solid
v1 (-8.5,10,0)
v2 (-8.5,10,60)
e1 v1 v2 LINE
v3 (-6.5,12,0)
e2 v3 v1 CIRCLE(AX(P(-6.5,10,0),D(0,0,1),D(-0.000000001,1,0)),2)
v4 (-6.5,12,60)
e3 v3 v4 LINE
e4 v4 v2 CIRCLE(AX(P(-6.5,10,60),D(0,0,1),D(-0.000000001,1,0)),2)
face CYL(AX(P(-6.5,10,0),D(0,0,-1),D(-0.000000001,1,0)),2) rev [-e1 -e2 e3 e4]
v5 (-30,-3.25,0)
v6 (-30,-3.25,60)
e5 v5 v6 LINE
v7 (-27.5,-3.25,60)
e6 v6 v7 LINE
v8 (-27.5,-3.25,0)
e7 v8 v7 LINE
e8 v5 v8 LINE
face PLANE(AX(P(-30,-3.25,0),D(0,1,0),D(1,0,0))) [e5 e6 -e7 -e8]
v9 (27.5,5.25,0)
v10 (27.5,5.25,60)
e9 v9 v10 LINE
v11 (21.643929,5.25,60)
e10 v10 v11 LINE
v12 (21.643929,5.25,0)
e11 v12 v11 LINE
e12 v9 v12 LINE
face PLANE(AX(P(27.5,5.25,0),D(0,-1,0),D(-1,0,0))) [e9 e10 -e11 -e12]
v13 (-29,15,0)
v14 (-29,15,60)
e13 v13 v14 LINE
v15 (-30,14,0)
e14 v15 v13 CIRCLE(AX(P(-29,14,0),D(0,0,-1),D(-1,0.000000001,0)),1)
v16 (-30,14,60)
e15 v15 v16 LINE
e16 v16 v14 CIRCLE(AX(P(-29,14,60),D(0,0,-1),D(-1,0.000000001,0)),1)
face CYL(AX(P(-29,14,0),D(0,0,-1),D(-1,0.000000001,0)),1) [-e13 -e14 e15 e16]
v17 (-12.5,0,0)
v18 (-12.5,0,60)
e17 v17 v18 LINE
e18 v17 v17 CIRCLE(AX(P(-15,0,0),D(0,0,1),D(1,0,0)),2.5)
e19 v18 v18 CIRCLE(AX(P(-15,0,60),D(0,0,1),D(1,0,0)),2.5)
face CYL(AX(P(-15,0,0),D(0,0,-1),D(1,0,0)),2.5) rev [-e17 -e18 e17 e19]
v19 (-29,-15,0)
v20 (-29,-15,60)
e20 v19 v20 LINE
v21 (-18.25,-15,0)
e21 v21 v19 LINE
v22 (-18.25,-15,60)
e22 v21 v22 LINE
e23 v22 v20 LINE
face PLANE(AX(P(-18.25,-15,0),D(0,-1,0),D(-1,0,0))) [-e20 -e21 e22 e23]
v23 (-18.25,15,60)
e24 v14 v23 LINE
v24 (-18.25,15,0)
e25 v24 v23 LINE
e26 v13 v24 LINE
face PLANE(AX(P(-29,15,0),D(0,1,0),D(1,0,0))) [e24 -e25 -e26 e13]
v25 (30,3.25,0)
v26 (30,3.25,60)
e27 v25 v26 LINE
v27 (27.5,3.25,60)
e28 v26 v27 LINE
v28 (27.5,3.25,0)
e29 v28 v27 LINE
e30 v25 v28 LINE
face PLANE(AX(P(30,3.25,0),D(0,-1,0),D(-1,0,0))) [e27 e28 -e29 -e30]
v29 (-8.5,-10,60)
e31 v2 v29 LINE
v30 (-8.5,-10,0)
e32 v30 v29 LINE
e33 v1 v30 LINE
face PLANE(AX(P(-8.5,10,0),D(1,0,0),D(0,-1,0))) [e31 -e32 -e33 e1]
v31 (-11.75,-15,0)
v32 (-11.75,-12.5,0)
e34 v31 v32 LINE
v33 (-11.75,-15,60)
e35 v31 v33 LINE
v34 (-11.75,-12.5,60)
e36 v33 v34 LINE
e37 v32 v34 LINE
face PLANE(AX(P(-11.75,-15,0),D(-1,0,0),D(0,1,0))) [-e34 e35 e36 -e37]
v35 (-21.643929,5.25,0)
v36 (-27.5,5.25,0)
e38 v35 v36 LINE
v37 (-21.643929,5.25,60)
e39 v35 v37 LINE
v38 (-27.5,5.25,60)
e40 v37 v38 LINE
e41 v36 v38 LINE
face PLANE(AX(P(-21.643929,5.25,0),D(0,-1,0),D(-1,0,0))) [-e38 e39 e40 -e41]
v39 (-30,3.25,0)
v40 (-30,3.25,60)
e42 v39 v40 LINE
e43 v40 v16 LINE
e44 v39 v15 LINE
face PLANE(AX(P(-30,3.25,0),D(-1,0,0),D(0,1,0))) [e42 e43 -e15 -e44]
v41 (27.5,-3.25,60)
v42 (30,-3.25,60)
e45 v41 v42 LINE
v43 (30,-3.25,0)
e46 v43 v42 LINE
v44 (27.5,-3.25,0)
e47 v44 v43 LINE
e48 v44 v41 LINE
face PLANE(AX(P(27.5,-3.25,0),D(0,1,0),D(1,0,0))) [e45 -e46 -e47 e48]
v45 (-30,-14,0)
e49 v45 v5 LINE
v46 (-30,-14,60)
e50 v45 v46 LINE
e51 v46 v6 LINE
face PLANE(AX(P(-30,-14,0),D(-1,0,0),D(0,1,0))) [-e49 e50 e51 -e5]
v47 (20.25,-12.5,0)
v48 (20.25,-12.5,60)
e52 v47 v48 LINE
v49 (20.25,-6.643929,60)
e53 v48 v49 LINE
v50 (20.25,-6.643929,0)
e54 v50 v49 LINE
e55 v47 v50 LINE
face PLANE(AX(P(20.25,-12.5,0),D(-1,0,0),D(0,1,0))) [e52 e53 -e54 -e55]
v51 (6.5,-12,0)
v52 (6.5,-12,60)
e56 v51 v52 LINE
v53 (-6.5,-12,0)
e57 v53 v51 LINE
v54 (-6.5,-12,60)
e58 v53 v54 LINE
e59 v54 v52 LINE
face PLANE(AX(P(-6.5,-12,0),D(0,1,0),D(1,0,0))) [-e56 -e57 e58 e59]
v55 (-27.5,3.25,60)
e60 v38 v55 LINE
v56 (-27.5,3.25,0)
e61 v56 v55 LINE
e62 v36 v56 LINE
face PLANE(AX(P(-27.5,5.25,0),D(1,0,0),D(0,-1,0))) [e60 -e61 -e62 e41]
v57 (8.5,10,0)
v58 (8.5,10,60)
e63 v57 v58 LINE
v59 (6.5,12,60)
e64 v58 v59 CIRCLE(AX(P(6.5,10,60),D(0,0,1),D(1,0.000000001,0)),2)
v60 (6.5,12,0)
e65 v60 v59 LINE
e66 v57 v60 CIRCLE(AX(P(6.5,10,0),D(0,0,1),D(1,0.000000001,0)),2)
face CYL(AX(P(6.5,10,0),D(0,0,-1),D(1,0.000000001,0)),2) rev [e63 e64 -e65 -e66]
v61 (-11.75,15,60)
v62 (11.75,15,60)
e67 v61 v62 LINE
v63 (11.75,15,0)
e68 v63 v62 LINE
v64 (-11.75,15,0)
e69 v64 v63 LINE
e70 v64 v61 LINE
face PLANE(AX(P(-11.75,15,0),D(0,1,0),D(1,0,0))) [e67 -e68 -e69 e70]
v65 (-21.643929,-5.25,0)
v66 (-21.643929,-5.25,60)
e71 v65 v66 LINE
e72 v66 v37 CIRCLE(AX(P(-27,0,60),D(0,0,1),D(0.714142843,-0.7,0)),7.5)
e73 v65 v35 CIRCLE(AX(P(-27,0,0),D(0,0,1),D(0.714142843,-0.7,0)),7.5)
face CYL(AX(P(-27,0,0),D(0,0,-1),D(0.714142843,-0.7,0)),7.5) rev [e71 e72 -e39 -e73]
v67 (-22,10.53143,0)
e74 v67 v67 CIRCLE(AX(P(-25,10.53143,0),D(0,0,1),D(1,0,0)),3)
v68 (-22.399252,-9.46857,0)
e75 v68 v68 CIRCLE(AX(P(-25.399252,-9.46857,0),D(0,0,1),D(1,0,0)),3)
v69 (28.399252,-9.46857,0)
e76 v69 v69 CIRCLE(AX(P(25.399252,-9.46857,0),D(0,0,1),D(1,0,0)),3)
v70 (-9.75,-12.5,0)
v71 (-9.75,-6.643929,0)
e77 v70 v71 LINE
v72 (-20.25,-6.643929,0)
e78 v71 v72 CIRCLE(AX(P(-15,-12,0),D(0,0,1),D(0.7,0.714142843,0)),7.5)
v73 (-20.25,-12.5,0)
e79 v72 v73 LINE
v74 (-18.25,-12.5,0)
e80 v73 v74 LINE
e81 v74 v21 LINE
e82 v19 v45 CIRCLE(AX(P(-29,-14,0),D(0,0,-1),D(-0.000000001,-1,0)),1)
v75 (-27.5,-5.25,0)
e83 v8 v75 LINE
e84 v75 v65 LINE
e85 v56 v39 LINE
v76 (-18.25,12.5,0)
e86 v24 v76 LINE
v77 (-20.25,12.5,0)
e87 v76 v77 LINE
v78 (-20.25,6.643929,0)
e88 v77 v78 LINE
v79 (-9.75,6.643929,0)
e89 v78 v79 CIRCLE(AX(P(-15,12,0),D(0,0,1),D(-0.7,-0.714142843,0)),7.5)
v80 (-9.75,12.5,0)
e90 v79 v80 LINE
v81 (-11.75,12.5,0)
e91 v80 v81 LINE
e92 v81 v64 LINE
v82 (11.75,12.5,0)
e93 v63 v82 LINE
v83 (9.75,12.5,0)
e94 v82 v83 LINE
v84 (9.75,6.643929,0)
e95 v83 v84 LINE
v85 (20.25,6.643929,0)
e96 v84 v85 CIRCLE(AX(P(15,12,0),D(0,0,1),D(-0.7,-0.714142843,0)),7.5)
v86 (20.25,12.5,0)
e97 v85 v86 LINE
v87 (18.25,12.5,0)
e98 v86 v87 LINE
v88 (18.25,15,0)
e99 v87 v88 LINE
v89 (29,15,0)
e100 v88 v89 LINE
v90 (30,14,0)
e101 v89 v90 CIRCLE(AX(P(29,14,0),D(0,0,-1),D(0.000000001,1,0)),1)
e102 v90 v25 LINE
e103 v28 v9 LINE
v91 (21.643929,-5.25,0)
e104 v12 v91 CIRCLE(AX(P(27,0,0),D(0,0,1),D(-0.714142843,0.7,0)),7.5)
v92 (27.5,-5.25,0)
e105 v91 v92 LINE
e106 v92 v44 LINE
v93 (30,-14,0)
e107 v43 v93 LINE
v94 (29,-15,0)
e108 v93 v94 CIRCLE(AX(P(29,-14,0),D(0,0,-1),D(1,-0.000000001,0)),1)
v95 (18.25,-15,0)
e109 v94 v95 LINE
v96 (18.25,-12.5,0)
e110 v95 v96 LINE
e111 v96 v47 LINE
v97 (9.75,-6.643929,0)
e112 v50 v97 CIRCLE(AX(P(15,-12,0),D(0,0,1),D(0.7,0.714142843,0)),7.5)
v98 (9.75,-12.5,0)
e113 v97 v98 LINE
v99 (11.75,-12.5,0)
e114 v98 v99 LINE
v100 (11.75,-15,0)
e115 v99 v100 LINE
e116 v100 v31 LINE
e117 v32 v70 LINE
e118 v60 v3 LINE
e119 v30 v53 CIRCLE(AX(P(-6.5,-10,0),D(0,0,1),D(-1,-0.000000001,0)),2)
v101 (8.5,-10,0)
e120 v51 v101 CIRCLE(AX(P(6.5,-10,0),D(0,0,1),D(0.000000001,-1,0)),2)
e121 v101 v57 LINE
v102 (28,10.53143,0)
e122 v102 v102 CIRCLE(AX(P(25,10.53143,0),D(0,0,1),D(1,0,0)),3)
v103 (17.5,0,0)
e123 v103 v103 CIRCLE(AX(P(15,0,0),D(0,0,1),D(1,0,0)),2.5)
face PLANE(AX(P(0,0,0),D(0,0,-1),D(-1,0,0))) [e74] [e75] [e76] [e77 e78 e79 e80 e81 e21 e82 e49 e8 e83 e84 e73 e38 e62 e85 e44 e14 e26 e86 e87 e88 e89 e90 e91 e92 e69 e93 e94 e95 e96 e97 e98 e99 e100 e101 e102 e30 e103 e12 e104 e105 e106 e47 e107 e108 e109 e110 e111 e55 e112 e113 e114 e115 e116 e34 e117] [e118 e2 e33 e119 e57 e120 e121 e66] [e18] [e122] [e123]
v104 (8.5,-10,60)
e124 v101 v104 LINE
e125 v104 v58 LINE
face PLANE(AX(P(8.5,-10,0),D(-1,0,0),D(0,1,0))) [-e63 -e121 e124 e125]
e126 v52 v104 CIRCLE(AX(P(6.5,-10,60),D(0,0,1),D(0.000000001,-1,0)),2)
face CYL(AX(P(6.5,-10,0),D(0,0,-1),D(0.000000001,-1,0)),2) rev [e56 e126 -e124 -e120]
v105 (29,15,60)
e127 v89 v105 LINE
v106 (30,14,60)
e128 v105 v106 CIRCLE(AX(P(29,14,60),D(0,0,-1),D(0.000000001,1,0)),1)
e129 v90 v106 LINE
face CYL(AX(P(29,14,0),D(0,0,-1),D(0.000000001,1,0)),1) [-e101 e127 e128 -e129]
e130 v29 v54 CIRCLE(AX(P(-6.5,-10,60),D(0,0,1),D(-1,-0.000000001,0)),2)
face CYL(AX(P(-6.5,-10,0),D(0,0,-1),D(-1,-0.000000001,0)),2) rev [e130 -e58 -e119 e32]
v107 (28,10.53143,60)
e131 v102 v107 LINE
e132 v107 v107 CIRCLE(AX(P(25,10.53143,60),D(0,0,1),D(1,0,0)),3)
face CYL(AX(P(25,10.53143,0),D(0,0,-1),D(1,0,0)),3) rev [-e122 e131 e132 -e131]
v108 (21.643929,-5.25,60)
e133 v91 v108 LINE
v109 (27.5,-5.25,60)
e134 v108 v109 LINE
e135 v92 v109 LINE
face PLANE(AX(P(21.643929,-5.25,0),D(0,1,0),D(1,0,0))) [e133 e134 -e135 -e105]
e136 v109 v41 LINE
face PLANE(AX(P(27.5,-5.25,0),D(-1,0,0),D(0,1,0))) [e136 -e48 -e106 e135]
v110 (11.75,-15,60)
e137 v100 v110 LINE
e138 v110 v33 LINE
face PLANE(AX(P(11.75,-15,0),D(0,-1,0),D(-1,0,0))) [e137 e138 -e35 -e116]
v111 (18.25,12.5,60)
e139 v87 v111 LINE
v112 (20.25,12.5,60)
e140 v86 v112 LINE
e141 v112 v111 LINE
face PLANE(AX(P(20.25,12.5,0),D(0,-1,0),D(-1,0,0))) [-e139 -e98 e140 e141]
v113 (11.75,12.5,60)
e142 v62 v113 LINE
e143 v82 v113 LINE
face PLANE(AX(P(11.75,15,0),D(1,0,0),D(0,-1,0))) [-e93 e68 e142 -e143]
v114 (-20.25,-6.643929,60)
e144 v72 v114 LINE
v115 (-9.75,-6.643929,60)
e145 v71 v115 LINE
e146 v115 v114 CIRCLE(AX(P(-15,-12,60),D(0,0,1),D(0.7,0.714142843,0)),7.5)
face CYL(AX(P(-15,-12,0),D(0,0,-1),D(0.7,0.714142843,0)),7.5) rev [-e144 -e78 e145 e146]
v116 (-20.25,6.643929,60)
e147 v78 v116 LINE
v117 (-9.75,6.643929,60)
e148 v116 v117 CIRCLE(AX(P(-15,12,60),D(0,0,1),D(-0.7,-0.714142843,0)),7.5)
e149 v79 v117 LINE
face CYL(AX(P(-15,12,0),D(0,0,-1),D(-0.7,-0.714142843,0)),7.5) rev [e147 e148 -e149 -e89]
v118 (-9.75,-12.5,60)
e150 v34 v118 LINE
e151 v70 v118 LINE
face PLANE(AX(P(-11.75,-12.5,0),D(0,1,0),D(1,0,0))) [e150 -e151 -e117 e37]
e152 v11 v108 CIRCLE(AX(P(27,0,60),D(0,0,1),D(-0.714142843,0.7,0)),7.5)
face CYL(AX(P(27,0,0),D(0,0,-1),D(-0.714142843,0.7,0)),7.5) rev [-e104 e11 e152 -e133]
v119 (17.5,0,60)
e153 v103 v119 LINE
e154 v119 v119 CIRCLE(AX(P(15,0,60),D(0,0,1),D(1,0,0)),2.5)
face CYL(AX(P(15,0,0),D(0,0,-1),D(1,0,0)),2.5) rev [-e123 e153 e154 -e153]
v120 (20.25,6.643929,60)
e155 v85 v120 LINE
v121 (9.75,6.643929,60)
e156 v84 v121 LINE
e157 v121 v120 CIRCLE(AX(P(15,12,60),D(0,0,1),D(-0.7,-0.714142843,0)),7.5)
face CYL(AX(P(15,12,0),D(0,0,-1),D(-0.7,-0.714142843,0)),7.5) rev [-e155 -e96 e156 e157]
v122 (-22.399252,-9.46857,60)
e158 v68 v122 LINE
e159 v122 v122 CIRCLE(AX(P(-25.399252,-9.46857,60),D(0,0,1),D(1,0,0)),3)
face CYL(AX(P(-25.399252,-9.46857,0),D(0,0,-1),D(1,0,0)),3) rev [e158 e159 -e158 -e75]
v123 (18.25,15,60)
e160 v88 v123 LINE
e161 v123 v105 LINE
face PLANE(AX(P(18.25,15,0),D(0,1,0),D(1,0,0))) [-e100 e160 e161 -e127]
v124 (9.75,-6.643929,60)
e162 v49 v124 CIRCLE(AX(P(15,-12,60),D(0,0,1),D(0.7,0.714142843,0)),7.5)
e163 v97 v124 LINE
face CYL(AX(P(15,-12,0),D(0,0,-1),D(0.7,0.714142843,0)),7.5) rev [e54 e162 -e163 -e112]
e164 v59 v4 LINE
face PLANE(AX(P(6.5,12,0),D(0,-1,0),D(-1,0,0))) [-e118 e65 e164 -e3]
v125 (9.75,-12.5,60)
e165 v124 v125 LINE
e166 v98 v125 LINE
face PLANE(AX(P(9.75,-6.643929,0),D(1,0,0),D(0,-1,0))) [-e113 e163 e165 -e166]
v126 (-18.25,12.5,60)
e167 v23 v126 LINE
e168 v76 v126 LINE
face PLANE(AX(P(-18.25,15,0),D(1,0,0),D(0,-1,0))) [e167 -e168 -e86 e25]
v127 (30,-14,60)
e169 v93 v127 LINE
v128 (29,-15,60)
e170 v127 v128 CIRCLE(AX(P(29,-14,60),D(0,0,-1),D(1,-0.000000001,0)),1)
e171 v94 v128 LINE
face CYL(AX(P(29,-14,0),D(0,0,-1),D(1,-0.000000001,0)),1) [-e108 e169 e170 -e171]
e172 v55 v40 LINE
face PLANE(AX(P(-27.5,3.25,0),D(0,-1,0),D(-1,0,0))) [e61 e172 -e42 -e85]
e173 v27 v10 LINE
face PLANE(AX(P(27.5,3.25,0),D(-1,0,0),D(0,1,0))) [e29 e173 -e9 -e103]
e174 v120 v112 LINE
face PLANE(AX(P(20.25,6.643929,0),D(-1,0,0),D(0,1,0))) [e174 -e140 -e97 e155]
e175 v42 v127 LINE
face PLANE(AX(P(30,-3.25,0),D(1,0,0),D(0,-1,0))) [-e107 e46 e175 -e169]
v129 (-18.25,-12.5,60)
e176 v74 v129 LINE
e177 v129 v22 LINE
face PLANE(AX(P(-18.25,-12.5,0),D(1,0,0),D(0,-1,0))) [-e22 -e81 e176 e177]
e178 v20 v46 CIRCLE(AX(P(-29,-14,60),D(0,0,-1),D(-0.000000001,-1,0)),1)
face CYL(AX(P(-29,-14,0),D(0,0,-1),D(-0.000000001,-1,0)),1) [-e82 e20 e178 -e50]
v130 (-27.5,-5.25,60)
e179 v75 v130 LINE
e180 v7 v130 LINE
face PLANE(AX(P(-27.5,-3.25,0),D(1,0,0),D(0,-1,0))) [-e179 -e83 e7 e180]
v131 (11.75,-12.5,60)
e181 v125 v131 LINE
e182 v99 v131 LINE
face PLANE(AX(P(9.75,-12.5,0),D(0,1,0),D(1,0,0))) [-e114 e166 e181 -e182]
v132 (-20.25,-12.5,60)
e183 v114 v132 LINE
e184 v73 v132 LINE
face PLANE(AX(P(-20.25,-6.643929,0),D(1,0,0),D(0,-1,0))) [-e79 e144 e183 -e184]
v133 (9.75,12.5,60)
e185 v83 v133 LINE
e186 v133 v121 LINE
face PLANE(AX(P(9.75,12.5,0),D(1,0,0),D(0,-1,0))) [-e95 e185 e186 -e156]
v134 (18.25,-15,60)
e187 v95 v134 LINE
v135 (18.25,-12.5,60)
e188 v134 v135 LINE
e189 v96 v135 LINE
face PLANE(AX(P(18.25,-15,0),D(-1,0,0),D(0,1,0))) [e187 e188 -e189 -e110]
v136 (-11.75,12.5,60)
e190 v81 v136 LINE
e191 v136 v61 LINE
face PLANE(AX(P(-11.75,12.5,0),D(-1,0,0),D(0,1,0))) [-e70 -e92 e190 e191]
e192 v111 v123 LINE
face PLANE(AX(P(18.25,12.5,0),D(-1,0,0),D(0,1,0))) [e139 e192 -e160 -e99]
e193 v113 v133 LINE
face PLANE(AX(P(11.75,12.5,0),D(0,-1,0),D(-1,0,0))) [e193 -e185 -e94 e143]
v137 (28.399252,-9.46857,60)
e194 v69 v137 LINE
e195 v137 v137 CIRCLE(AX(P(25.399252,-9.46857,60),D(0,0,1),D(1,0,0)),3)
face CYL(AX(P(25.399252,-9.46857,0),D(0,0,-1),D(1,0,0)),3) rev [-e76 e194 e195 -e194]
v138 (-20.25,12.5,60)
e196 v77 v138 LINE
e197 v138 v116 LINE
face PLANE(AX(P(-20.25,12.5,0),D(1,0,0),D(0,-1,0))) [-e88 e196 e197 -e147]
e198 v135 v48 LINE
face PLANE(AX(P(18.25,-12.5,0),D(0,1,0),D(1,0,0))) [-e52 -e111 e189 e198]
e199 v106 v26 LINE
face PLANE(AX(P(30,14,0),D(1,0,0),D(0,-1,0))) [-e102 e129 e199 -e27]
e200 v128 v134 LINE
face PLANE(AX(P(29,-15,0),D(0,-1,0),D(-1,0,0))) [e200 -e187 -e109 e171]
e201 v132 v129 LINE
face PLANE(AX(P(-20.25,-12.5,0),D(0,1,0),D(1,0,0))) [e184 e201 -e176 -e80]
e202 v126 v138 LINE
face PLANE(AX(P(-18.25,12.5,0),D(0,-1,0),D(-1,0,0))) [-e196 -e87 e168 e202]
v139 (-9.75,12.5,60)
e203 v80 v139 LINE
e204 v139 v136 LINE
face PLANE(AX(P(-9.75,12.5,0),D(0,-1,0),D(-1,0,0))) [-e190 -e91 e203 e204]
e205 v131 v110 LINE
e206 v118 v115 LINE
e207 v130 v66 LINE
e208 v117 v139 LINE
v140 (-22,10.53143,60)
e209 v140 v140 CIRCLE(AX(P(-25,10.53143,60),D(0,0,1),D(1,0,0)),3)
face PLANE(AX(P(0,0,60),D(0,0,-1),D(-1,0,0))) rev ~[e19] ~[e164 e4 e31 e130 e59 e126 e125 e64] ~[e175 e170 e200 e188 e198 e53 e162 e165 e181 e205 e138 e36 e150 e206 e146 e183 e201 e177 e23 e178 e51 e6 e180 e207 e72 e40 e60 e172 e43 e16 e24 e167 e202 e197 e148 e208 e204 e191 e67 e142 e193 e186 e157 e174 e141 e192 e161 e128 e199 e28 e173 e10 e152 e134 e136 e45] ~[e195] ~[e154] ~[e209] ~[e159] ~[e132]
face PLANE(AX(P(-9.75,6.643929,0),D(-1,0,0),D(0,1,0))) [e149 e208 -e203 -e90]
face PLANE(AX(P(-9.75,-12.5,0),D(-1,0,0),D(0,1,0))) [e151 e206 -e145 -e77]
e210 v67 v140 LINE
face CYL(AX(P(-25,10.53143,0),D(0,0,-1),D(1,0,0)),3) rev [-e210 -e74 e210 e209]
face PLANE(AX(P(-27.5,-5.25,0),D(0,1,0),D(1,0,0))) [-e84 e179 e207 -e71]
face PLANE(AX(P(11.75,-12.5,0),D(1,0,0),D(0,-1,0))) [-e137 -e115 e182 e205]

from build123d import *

# Parameters (mm, degrees)
MODEL_R             = 2.5
MODEL_R_2           = 3
BOSS_EXTRUDE1_DEPTH = 60


with BuildPart() as part:
    # Model → Boss-Extrude1 (new body)
    with BuildSketch(Plane.XY):
        with BuildLine():
            Line((-27.5, 3.25), (-30, 3.25))
            Line((-30, 3.25), (-30, 14))
            ThreePointArc((-30, 14), (-29.707106781, 14.707106781), (-29, 15))
            Line((-29, 15), (-18.25, 15))
            Line((-18.25, 15), (-18.25, 12.5))
            Line((-18.25, 12.5), (-20.25, 12.5))
            Line((-20.25, 12.5), (-20.25, 6.643928679))
            ThreePointArc((-20.25, 6.643928679), (-15, 4.5), (-9.75, 6.643928679))
            Line((-9.75, 6.643928679), (-9.75, 12.5))
            Line((-9.75, 12.5), (-11.75, 12.5))
            Line((-11.75, 12.5), (-11.75, 15))
            Line((-11.75, 15), (11.75, 15))
            Line((11.75, 15), (11.75, 12.5))
            Line((11.75, 12.5), (9.75, 12.5))
            Line((9.75, 12.5), (9.75, 6.643928679))
            ThreePointArc((9.75, 6.643928679), (15, 4.5), (20.25, 6.643928679))
            Line((20.25, 6.643928679), (20.25, 12.5))
            Line((20.25, 12.5), (18.25, 12.5))
            Line((18.25, 12.5), (18.25, 15))
            Line((18.25, 15), (29, 15))
            ThreePointArc((29, 15), (29.707106781, 14.707106781), (30, 14))
            Line((30, 14), (30, 3.25))
            Line((30, 3.25), (27.5, 3.25))
            Line((27.5, 3.25), (27.5, 5.25))
            Line((27.5, 5.25), (21.643928679, 5.25))
            ThreePointArc((21.643928679, 5.25), (19.5, 0), (21.643928679, -5.25))
            Line((21.643928679, -5.25), (27.5, -5.25))
            Line((27.5, -5.25), (27.5, -3.25))
            Line((27.5, -3.25), (30, -3.25))
            Line((30, -3.25), (30, -14))
            ThreePointArc((30, -14), (29.707106781, -14.707106781), (29, -15))
            Line((29, -15), (18.25, -15))
            Line((18.25, -15), (18.25, -12.5))
            Line((18.25, -12.5), (20.25, -12.5))
            Line((20.25, -12.5), (20.25, -6.643928679))
            ThreePointArc((20.25, -6.643928679), (15, -4.5), (9.75, -6.643928679))
            Line((9.75, -6.643928679), (9.75, -12.5))
            Line((9.75, -12.5), (11.75, -12.5))
            Line((11.75, -12.5), (11.75, -15))
            Line((11.75, -15), (-11.75, -15))
            Line((-11.75, -15), (-11.75, -12.5))
            Line((-11.75, -12.5), (-9.75, -12.5))
            Line((-9.75, -12.5), (-9.75, -6.643928679))
            ThreePointArc((-9.75, -6.643928679), (-15, -4.5), (-20.25, -6.643928679))
            Line((-20.25, -6.643928679), (-20.25, -12.5))
            Line((-20.25, -12.5), (-18.25, -12.5))
            Line((-18.25, -12.5), (-18.25, -15))
            Line((-18.25, -15), (-29, -15))
            ThreePointArc((-29, -15), (-29.707106781, -14.707106781), (-30, -14))
            Line((-30, -14), (-30, -3.25))
            Line((-30, -3.25), (-27.5, -3.25))
            Line((-27.5, -3.25), (-27.5, -5.25))
            Line((-27.5, -5.25), (-21.643928679, -5.25))
            ThreePointArc((-21.643928679, -5.25), (-19.5, 0), (-21.643928679, 5.25))
            Line((-21.643928679, 5.25), (-27.5, 5.25))
            Line((-27.5, 5.25), (-27.5, 3.25))
        make_face()
        with Locations((-15, 0)):
            Circle(MODEL_R, mode=Mode.SUBTRACT)
        with Locations((-25, 10.531430074)):
            Circle(MODEL_R_2, mode=Mode.SUBTRACT)
        with Locations((-25.399251578, -9.468569926)):
            Circle(MODEL_R_2, mode=Mode.SUBTRACT)
        with Locations((25.399251578, -9.468569926)):
            Circle(MODEL_R_2, mode=Mode.SUBTRACT)
        with Locations((15, 0)):
            Circle(MODEL_R, mode=Mode.SUBTRACT)
        with Locations((25, 10.531430074)):
            Circle(MODEL_R_2, mode=Mode.SUBTRACT)
        with BuildLine():
            Line((6.5, 12), (-6.5, 12))
            ThreePointArc((-6.5, 12), (-7.914213562, 11.414213562), (-8.5, 10))
            Line((-8.5, 10), (-8.5, -10))
            ThreePointArc((-8.5, -10), (-7.914213562, -11.414213562), (-6.5, -12))
            Line((-6.5, -12), (6.5, -12))
            ThreePointArc((6.5, -12), (7.914213562, -11.414213562), (8.5, -10))
            Line((8.5, -10), (8.5, 10))
            ThreePointArc((8.5, 10), (7.914213562, 11.414213562), (6.5, 12))
        make_face(mode=Mode.SUBTRACT)
    extrude(amount=BOSS_EXTRUDE1_DEPTH)


solid = part.part
